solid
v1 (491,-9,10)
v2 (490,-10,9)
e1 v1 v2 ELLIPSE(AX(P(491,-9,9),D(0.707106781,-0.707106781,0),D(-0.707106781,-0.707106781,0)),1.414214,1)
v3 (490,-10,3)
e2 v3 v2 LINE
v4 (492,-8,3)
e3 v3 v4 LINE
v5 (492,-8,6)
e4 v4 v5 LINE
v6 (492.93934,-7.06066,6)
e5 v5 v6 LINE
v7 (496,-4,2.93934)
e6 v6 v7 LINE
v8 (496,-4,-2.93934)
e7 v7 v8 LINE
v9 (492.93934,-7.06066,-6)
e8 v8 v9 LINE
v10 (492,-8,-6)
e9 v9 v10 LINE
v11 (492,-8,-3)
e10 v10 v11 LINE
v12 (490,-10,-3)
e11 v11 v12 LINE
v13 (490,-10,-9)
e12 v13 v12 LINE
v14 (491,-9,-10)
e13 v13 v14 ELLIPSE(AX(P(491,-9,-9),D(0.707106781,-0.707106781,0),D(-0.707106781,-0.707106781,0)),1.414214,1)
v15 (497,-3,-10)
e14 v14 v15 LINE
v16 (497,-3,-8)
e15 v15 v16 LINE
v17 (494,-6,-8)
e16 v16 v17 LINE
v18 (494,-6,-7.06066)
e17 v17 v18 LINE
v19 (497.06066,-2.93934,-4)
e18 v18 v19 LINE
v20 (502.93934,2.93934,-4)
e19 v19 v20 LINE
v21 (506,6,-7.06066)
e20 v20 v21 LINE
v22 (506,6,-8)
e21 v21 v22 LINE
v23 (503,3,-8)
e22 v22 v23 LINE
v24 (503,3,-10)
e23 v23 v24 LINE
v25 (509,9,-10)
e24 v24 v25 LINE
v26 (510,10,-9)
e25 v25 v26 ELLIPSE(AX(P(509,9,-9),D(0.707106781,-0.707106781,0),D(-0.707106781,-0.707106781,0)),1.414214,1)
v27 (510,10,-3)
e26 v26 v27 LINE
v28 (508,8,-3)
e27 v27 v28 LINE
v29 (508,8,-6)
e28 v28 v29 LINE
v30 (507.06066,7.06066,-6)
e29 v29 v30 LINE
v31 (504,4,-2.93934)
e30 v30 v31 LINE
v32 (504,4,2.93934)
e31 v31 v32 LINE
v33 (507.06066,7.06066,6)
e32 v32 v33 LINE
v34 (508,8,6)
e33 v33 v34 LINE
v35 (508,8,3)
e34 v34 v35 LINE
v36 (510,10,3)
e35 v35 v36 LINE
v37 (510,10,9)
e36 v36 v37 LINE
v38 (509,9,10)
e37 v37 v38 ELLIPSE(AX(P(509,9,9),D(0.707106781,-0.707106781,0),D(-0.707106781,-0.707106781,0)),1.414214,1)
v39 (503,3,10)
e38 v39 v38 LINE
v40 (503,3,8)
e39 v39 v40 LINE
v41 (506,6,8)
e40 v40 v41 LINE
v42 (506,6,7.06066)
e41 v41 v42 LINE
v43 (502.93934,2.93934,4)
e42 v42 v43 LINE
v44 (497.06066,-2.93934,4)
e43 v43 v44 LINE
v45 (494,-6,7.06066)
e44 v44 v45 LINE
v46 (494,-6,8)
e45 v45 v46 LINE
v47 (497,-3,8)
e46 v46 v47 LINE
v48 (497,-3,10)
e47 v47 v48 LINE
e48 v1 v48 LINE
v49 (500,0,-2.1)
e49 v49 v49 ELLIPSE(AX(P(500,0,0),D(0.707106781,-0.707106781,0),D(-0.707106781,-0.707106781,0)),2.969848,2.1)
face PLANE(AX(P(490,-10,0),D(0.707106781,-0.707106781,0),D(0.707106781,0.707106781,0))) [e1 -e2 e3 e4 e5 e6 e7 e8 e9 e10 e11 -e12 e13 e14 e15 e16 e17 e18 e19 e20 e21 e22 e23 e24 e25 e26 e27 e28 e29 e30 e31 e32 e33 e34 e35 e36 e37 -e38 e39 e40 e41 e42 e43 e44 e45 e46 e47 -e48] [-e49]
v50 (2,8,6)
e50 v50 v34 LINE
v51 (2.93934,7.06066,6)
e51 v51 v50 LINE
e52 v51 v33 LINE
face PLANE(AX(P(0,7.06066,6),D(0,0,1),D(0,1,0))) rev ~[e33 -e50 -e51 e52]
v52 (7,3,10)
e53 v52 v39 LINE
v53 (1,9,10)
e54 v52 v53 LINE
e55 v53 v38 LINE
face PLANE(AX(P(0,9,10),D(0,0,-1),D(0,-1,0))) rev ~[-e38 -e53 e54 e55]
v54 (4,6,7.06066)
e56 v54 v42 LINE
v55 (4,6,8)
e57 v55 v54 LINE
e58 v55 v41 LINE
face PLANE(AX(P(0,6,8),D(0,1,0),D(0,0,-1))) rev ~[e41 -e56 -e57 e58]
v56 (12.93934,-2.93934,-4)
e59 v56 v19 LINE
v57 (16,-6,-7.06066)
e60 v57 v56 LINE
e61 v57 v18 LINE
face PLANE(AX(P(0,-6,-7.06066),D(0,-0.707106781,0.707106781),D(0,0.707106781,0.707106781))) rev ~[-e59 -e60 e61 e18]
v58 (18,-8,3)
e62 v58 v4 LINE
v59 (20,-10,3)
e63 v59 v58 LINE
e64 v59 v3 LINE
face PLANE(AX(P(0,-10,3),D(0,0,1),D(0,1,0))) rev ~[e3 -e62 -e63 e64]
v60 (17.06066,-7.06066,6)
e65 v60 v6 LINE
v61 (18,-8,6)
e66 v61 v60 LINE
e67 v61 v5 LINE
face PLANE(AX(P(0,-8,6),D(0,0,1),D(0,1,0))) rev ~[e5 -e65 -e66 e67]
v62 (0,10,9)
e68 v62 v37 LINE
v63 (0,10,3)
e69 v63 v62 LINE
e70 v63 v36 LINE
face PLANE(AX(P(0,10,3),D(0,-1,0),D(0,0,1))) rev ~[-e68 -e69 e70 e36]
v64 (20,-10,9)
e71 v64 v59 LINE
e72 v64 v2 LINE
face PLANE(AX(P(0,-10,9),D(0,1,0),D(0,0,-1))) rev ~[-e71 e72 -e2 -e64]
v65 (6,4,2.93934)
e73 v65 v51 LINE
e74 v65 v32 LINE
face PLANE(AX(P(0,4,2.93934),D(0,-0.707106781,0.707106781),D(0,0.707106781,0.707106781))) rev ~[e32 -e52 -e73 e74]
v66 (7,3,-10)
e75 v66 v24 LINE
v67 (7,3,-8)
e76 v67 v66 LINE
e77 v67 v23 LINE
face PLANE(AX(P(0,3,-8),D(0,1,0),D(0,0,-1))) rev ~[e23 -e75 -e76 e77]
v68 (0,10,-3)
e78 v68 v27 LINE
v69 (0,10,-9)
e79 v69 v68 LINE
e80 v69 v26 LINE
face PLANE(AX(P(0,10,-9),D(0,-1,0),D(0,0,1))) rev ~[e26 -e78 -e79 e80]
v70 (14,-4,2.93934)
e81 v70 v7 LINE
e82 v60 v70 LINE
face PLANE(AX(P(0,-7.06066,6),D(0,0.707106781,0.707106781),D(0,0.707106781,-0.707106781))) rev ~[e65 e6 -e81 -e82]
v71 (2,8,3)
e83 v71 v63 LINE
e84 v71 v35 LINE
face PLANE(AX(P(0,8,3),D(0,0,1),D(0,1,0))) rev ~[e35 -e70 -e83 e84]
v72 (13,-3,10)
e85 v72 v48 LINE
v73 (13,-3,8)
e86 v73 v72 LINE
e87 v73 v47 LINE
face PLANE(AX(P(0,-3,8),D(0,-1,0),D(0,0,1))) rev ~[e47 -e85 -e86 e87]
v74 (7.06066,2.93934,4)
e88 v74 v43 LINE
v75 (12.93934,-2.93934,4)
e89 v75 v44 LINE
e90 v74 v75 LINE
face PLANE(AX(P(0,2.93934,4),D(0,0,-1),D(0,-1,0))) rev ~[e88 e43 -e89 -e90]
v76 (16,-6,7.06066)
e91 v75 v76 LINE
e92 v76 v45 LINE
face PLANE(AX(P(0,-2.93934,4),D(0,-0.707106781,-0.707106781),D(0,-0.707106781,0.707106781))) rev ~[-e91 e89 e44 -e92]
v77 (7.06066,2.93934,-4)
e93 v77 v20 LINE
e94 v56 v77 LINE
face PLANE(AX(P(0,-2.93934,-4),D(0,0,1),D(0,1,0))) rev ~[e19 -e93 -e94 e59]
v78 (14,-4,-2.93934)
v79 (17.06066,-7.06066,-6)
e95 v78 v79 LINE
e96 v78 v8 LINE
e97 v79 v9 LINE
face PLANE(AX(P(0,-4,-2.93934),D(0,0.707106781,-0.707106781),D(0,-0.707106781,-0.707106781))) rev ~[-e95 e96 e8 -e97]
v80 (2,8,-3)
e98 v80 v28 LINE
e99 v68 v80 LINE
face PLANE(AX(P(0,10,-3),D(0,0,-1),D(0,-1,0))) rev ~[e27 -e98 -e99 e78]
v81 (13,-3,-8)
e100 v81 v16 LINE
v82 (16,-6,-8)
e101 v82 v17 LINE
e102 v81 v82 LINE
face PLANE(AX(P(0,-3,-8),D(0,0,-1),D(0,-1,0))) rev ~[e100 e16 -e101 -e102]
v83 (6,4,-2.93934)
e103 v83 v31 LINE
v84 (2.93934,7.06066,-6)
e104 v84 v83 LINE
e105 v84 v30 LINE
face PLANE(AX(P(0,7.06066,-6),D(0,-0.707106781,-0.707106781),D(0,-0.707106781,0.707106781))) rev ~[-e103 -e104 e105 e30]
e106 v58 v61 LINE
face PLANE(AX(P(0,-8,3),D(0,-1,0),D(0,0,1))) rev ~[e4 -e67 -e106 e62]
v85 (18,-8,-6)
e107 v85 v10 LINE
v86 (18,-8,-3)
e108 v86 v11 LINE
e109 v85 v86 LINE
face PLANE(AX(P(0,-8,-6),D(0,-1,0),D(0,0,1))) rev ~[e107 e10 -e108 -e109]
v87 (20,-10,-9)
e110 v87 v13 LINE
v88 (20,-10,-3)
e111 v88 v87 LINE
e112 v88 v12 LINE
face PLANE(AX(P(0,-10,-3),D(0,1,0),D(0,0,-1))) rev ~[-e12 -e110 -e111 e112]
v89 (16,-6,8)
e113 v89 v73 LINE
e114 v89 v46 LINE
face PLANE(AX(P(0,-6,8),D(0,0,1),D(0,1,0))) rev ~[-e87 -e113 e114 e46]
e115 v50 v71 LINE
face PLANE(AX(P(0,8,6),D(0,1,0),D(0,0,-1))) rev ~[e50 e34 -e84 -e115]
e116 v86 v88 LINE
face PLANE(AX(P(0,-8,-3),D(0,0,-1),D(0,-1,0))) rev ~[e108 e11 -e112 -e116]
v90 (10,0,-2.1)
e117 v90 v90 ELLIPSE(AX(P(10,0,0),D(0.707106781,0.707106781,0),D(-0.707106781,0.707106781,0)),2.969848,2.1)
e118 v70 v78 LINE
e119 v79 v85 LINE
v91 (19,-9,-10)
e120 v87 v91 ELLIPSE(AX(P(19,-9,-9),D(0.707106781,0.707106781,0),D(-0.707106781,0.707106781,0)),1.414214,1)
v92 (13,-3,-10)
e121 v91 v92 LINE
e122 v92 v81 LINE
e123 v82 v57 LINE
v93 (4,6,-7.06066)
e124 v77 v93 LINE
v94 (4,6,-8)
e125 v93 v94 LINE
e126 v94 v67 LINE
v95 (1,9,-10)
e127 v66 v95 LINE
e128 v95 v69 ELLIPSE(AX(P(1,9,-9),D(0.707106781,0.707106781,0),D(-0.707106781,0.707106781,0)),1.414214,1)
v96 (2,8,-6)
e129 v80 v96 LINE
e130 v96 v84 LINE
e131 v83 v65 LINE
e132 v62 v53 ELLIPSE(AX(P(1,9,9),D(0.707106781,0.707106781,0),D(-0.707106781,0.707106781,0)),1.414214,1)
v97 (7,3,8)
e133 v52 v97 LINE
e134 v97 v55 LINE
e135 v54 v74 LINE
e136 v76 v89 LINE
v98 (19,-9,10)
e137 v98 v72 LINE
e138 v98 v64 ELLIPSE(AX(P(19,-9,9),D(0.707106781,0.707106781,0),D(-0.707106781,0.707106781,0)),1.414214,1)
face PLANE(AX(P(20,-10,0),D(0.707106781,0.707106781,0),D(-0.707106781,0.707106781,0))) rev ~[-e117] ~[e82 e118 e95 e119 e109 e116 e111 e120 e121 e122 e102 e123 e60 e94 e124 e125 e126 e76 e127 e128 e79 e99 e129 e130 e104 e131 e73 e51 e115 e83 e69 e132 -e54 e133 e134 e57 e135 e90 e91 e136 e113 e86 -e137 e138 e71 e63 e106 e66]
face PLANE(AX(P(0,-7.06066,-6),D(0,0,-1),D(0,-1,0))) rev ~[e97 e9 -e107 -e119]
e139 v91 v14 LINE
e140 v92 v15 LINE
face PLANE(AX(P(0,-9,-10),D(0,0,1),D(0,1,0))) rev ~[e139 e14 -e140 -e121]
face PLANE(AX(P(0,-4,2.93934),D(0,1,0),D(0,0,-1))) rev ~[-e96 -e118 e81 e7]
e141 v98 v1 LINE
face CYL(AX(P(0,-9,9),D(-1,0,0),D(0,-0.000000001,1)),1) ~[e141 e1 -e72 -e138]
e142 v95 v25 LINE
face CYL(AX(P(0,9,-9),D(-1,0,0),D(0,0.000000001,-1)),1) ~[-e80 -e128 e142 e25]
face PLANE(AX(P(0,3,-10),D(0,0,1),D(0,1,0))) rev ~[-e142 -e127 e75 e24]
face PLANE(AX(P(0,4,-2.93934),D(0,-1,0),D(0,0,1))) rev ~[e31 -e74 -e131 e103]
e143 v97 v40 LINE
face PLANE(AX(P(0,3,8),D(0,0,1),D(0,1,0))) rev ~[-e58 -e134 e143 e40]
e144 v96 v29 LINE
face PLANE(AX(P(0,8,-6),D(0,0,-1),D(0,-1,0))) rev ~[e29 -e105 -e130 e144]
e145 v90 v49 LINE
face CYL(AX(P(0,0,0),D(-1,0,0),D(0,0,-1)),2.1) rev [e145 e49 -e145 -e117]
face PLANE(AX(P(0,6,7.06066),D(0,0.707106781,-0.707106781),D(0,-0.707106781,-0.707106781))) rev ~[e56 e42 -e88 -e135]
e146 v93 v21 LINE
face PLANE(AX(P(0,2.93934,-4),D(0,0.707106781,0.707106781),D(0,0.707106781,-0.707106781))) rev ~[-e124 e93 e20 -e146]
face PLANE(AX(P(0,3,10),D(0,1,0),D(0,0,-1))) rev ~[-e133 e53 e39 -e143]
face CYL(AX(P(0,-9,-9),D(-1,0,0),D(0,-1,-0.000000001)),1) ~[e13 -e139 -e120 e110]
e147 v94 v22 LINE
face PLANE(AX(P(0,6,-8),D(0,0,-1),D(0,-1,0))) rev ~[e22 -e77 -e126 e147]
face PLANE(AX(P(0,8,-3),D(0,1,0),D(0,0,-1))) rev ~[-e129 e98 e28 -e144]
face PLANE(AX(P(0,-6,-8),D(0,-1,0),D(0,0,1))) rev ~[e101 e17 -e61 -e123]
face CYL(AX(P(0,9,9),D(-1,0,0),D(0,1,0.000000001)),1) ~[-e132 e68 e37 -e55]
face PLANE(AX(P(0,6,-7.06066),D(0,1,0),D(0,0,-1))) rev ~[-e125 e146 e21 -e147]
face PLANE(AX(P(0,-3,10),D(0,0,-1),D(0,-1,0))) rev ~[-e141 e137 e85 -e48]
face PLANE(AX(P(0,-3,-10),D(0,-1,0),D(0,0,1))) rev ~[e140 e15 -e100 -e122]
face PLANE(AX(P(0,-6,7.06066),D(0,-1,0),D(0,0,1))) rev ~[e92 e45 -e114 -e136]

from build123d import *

# Parameters (mm, degrees)
SKETCH1_R           = 2.1
BOSS_EXTRUDE1_DEPTH = 510
CUT_EXTRUDE1_DEPTH  = 10
CUT_EXTRUDE2_DEPTH  = 10


with BuildPart() as part:
    # Sketch1 → Boss-Extrude1 (new body)
    with BuildSketch(Plane(origin=(0, 0, 0), x_dir=(0, 0, -1), z_dir=(1, 0, 0))):
        with BuildLine():
            Line((-10, 9), (-10, 3))
            Line((-10, 3), (-8, 3))
            Line((-8, 3), (-8, 6))
            Line((-8, 6), (-7.060660172, 6))
            Line((-7.060660172, 6), (-4, 2.939339828))
            Line((-4, 2.939339828), (-4, -2.939339828))
            Line((-4, -2.939339828), (-7.060660172, -6))
            Line((-7.060660172, -6), (-8, -6))
            Line((-8, -6), (-8, -3))
            Line((-8, -3), (-10, -3))
            Line((-10, -3), (-10, -9))
            ThreePointArc((-10, -9), (-9.707106781, -9.707106781), (-9, -10))
            Line((-9, -10), (-3, -10))
            Line((-3, -10), (-3, -8))
            Line((-3, -8), (-6, -8))
            Line((-6, -8), (-6, -7.060660172))
            Line((-6, -7.060660172), (-2.939339828, -4))
            Line((-2.939339828, -4), (2.939339828, -4))
            Line((2.939339828, -4), (6, -7.060660172))
            Line((6, -7.060660172), (6, -8))
            Line((6, -8), (3, -8))
            Line((3, -8), (3, -10))
            Line((3, -10), (9, -10))
            ThreePointArc((9, -10), (9.707106781, -9.707106781), (10, -9))
            Line((10, -9), (10, -3))
            Line((10, -3), (8, -3))
            Line((8, -3), (8, -6))
            Line((8, -6), (7.060660172, -6))
            Line((7.060660172, -6), (4, -2.939339828))
            Line((4, -2.939339828), (4, 2.939339828))
            Line((4, 2.939339828), (7.060660172, 6))
            Line((7.060660172, 6), (8, 6))
            Line((8, 6), (8, 3))
            Line((8, 3), (10, 3))
            Line((10, 3), (10, 9))
            ThreePointArc((10, 9), (9.707106781, 9.707106781), (9, 10))
            Line((9, 10), (3, 10))
            Line((3, 10), (3, 8))
            Line((3, 8), (6, 8))
            Line((6, 8), (6, 7.060660172))
            Line((6, 7.060660172), (2.939339828, 4))
            Line((2.939339828, 4), (-2.939339828, 4))
            Line((-2.939339828, 4), (-6, 7.060660172))
            Line((-6, 7.060660172), (-6, 8))
            Line((-6, 8), (-3, 8))
            Line((-3, 8), (-3, 10))
            Line((-3, 10), (-9, 10))
            ThreePointArc((-9, 10), (-9.707106781, 9.707106781), (-10, 9))
        make_face()
        Circle(SKETCH1_R, mode=Mode.SUBTRACT)
    extrude(amount=BOSS_EXTRUDE1_DEPTH)

    # Sketch28 → Cut-Extrude1 (cut, symmetric)
    with BuildSketch(Plane.XY):
        Polygon((0, 10), (0, -10), (20, -10), align=None)
    extrude(amount=CUT_EXTRUDE1_DEPTH, both=True, mode=Mode.SUBTRACT)

    # Sketch29 → Cut-Extrude2 (cut, symmetric)
    with BuildSketch(Plane.XY):
        Polygon((510, 10), (510, -10), (490, -10), align=None)
    extrude(amount=CUT_EXTRUDE2_DEPTH, both=True, mode=Mode.SUBTRACT)


solid = part.part
